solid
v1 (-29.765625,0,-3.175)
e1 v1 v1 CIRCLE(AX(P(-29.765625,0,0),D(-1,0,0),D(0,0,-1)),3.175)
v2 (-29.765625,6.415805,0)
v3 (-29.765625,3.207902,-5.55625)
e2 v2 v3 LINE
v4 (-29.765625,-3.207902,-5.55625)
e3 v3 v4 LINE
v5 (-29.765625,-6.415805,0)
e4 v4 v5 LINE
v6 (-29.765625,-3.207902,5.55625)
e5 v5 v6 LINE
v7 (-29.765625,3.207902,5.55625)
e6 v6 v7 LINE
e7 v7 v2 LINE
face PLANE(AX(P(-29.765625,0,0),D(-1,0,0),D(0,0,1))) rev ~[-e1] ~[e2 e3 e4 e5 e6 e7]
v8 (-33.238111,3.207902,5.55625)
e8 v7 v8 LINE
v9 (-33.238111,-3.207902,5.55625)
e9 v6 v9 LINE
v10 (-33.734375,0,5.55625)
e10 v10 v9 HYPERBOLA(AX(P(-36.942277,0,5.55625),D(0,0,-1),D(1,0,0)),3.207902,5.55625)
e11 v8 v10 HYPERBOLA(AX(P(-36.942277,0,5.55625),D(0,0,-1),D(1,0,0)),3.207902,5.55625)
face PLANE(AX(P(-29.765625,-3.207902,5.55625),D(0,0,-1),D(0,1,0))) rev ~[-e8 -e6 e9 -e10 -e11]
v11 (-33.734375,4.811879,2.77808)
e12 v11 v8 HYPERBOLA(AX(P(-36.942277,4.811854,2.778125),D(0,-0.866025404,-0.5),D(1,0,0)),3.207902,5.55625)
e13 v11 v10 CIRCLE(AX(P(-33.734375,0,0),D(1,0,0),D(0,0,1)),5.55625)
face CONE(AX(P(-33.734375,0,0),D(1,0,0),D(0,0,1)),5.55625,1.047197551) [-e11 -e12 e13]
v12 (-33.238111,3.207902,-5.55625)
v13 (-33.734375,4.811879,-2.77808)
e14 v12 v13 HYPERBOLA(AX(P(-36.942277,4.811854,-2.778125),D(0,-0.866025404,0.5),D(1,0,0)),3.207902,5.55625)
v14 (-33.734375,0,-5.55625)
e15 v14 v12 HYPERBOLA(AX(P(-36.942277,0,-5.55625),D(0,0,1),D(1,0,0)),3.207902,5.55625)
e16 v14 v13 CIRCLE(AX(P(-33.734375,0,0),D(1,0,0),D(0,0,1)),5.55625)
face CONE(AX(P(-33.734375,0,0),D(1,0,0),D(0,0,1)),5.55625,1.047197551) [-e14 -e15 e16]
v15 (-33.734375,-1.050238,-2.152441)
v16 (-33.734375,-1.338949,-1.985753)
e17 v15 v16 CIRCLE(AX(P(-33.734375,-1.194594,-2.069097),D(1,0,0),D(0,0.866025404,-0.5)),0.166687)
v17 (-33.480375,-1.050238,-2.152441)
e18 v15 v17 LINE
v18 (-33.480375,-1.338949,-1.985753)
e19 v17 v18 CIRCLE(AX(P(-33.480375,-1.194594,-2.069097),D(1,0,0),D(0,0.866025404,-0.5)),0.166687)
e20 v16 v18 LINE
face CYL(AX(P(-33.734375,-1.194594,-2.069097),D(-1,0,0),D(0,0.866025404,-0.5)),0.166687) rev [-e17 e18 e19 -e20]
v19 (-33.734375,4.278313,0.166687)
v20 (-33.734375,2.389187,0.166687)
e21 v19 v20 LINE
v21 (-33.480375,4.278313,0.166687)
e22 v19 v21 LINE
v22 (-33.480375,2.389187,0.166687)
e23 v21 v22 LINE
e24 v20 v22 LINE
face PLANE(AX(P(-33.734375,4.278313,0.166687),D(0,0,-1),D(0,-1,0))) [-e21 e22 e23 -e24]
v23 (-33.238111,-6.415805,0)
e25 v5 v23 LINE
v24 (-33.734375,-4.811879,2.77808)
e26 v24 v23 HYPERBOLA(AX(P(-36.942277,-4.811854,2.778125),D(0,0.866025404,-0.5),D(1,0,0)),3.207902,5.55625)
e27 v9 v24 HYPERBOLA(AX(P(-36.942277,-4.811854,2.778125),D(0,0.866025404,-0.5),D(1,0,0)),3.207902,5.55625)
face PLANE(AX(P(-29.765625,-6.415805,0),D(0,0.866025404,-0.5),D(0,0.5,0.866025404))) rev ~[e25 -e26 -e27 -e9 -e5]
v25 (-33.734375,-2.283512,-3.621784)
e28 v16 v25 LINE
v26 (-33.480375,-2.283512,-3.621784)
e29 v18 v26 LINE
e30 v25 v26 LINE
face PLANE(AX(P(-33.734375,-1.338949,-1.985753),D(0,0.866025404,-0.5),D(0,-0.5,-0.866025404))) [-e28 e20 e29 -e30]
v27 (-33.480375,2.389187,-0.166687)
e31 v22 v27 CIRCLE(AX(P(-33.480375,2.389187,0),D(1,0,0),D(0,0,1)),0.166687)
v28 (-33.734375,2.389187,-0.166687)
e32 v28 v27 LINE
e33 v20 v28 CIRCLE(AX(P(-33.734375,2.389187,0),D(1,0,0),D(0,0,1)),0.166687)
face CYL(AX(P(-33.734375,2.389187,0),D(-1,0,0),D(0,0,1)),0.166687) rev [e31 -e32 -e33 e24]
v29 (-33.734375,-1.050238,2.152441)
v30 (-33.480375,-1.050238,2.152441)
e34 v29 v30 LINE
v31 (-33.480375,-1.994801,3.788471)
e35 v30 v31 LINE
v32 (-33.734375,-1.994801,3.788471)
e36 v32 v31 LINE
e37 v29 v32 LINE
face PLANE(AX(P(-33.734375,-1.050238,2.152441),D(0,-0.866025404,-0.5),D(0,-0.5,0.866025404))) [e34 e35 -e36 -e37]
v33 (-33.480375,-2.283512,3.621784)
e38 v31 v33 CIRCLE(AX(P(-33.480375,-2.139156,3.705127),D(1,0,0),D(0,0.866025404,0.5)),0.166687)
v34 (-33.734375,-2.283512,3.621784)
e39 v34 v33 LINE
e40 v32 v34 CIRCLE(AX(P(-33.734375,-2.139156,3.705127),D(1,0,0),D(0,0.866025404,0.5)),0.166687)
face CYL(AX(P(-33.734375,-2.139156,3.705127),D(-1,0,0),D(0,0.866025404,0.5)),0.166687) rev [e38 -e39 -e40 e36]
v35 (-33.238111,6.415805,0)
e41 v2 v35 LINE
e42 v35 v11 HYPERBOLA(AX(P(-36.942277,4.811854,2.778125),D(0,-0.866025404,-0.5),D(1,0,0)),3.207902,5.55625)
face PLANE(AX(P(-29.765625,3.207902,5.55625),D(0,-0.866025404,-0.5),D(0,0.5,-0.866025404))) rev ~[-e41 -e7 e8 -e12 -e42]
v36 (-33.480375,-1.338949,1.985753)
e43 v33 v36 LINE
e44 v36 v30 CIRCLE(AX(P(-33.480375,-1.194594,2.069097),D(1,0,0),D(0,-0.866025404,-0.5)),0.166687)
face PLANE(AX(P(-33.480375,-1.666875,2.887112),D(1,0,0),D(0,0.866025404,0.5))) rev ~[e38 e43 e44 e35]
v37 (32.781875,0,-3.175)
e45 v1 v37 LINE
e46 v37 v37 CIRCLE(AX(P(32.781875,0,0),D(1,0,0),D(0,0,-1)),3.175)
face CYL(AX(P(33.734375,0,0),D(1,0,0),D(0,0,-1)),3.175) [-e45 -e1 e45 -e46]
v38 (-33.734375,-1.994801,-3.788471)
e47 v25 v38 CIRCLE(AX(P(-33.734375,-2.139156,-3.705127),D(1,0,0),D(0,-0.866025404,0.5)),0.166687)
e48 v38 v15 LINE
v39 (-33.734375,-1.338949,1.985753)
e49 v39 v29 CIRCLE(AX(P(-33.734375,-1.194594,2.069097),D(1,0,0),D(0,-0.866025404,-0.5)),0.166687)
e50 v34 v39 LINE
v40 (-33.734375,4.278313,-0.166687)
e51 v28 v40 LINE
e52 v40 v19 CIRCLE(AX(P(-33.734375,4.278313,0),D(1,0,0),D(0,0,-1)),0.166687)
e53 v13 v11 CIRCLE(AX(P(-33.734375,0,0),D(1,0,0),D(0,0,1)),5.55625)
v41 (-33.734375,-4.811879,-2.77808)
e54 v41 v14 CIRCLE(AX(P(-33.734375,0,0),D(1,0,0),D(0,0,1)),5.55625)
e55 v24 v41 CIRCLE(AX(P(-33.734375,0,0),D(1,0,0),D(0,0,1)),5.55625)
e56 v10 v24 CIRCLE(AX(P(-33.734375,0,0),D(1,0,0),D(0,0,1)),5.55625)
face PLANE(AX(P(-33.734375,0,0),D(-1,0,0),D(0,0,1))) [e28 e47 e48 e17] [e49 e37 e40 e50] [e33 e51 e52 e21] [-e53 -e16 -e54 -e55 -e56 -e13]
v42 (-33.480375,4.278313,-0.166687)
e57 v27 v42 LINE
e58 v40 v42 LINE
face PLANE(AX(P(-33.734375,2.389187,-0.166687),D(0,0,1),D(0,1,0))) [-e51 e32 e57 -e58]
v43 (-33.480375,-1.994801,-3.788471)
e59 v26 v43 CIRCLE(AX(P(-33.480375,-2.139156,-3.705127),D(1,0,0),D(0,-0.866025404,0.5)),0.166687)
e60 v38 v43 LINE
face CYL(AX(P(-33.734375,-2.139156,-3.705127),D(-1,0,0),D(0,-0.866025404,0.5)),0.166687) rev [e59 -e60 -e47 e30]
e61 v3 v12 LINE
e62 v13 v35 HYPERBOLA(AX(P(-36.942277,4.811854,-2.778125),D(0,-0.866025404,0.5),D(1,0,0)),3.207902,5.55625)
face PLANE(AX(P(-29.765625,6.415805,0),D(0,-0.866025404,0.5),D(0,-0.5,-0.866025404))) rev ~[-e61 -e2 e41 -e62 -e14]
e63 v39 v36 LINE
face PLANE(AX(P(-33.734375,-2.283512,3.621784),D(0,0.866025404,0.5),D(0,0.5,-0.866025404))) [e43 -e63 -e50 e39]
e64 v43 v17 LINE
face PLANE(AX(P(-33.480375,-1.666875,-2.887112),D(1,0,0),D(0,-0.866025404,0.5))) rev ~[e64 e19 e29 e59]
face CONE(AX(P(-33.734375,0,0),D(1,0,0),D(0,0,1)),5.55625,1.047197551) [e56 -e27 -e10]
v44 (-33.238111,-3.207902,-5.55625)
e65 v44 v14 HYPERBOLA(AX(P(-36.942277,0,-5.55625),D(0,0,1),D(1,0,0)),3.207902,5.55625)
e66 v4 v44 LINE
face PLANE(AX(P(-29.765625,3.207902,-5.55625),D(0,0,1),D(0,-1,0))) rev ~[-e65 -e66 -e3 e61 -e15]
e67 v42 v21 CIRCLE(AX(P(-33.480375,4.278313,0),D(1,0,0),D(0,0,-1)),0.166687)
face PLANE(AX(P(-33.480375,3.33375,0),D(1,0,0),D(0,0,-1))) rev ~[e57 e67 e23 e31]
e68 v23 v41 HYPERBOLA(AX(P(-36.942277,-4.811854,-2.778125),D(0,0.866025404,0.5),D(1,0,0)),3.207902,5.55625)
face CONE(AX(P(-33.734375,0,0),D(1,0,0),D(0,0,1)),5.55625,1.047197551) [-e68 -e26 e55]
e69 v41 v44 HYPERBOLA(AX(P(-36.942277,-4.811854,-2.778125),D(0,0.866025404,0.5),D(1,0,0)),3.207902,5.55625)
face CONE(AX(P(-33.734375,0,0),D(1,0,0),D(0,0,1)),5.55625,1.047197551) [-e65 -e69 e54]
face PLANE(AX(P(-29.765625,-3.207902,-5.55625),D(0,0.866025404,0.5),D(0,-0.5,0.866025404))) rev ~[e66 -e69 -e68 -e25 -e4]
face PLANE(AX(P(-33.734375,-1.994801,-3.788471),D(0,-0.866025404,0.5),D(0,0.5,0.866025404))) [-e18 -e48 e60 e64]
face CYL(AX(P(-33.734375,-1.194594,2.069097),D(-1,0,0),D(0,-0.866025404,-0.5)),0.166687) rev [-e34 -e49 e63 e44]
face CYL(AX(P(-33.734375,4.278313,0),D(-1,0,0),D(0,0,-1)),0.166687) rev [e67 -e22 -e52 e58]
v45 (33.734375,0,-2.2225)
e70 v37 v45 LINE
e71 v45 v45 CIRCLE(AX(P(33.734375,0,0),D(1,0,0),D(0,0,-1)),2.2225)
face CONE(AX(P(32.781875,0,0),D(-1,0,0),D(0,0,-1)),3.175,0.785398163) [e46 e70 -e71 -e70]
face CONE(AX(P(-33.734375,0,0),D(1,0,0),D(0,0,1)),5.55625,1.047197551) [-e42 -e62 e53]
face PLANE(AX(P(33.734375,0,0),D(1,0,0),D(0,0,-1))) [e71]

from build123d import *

# Parameters (mm, degrees)
SKETCH5_R           = 3.175
BOSS_EXTRUDE3_DEPTH = 63.5
CHAMFER1_SIZE       = 0.9525
BOSS_EXTRUDE4_DEPTH = 3.96875
SKETCH8_OUTSIDE_W   = 264.208
SKETCH8_OUTSIDE_H   = 265.928
SKETCH8_OUTSIDE_R   = 5.55625
CUT_EXTRUDE3_DEPTH  = 68.46875
CUT_EXTRUDE3_TAPER  = 60
CUT_EXTRUDE4_DEPTH  = 0.254
CIRPATTERN1_COUNT   = 3


with BuildPart() as part:
    # Sketch5 → Boss-Extrude3 (new body)
    with BuildSketch(Plane(origin=(33.734375, 0, 0), x_dir=(0, 0, -1), z_dir=(1, 0, 0))):
        Circle(SKETCH5_R)
    extrude(amount=-BOSS_EXTRUDE3_DEPTH)

    # Chamfer1
    chamfer1_edges = [part.edges().sort_by_distance(p)[0] for p in [
        (33.734375, 0, 3.175),
    ]]
    chamfer(chamfer1_edges, length=CHAMFER1_SIZE)

    # Sketch11 → Revolve1 (revolve)
    with BuildSketch(Plane.XY):
        Polygon((-29.765625, 3.175), (-29.765625, 0), (17.859375, 0), (14.684375, 3.175), align=None)
    revolve(axis=Axis((-29.765625, 0, 0), (1, 0, 0)))

    # Sketch6 → Boss-Extrude4 (add)
    with BuildSketch(Plane.ZY.offset(29.765625)):
        Polygon((5.55625, 3.207902433), (0, 6.415804866), (-5.55625, 3.207902433), (-5.55625, -3.207902433), (0, -6.415804866), (5.55625, -3.207902433), align=None)
    extrude(amount=BOSS_EXTRUDE4_DEPTH)

    # Sketch8 outside → Cut-Extrude3 (cut, through all)
    with BuildSketch(Plane.ZY.offset(33.734375)):
        Rectangle(SKETCH8_OUTSIDE_W, SKETCH8_OUTSIDE_H)
        Circle(SKETCH8_OUTSIDE_R, mode=Mode.SUBTRACT)
    extrude(amount=-CUT_EXTRUDE3_DEPTH, taper=CUT_EXTRUDE3_TAPER, mode=Mode.SUBTRACT)

    # Sketch12 → Cut-Extrude4 (cut)
    with BuildSketch(Plane.ZY.offset(33.734375)):
        with BuildLine():
            Line((0.1666875, 4.2783125), (0.1666875, 2.3891875))
            ThreePointArc((0.1666875, 2.3891875), (0, 2.2225), (-0.1666875, 2.3891875))
            Line((-0.1666875, 2.3891875), (-0.1666875, 4.2783125))
            ThreePointArc((-0.1666875, 4.2783125), (0, 4.445), (0.1666875, 4.2783125))
        make_face()
    cut_extrude4 = extrude(amount=-CUT_EXTRUDE4_DEPTH, mode=Mode.SUBTRACT)

    # CirPattern1: Cut-Extrude4 ×3 about axis
    cirpattern1_axis = Axis((0, 0, 0), (1, 0, 0))
    for i in range(1, CIRPATTERN1_COUNT):
        add(cut_extrude4.rotate(cirpattern1_axis, i * 360 / CIRPATTERN1_COUNT), mode=Mode.SUBTRACT)


solid = part.part
